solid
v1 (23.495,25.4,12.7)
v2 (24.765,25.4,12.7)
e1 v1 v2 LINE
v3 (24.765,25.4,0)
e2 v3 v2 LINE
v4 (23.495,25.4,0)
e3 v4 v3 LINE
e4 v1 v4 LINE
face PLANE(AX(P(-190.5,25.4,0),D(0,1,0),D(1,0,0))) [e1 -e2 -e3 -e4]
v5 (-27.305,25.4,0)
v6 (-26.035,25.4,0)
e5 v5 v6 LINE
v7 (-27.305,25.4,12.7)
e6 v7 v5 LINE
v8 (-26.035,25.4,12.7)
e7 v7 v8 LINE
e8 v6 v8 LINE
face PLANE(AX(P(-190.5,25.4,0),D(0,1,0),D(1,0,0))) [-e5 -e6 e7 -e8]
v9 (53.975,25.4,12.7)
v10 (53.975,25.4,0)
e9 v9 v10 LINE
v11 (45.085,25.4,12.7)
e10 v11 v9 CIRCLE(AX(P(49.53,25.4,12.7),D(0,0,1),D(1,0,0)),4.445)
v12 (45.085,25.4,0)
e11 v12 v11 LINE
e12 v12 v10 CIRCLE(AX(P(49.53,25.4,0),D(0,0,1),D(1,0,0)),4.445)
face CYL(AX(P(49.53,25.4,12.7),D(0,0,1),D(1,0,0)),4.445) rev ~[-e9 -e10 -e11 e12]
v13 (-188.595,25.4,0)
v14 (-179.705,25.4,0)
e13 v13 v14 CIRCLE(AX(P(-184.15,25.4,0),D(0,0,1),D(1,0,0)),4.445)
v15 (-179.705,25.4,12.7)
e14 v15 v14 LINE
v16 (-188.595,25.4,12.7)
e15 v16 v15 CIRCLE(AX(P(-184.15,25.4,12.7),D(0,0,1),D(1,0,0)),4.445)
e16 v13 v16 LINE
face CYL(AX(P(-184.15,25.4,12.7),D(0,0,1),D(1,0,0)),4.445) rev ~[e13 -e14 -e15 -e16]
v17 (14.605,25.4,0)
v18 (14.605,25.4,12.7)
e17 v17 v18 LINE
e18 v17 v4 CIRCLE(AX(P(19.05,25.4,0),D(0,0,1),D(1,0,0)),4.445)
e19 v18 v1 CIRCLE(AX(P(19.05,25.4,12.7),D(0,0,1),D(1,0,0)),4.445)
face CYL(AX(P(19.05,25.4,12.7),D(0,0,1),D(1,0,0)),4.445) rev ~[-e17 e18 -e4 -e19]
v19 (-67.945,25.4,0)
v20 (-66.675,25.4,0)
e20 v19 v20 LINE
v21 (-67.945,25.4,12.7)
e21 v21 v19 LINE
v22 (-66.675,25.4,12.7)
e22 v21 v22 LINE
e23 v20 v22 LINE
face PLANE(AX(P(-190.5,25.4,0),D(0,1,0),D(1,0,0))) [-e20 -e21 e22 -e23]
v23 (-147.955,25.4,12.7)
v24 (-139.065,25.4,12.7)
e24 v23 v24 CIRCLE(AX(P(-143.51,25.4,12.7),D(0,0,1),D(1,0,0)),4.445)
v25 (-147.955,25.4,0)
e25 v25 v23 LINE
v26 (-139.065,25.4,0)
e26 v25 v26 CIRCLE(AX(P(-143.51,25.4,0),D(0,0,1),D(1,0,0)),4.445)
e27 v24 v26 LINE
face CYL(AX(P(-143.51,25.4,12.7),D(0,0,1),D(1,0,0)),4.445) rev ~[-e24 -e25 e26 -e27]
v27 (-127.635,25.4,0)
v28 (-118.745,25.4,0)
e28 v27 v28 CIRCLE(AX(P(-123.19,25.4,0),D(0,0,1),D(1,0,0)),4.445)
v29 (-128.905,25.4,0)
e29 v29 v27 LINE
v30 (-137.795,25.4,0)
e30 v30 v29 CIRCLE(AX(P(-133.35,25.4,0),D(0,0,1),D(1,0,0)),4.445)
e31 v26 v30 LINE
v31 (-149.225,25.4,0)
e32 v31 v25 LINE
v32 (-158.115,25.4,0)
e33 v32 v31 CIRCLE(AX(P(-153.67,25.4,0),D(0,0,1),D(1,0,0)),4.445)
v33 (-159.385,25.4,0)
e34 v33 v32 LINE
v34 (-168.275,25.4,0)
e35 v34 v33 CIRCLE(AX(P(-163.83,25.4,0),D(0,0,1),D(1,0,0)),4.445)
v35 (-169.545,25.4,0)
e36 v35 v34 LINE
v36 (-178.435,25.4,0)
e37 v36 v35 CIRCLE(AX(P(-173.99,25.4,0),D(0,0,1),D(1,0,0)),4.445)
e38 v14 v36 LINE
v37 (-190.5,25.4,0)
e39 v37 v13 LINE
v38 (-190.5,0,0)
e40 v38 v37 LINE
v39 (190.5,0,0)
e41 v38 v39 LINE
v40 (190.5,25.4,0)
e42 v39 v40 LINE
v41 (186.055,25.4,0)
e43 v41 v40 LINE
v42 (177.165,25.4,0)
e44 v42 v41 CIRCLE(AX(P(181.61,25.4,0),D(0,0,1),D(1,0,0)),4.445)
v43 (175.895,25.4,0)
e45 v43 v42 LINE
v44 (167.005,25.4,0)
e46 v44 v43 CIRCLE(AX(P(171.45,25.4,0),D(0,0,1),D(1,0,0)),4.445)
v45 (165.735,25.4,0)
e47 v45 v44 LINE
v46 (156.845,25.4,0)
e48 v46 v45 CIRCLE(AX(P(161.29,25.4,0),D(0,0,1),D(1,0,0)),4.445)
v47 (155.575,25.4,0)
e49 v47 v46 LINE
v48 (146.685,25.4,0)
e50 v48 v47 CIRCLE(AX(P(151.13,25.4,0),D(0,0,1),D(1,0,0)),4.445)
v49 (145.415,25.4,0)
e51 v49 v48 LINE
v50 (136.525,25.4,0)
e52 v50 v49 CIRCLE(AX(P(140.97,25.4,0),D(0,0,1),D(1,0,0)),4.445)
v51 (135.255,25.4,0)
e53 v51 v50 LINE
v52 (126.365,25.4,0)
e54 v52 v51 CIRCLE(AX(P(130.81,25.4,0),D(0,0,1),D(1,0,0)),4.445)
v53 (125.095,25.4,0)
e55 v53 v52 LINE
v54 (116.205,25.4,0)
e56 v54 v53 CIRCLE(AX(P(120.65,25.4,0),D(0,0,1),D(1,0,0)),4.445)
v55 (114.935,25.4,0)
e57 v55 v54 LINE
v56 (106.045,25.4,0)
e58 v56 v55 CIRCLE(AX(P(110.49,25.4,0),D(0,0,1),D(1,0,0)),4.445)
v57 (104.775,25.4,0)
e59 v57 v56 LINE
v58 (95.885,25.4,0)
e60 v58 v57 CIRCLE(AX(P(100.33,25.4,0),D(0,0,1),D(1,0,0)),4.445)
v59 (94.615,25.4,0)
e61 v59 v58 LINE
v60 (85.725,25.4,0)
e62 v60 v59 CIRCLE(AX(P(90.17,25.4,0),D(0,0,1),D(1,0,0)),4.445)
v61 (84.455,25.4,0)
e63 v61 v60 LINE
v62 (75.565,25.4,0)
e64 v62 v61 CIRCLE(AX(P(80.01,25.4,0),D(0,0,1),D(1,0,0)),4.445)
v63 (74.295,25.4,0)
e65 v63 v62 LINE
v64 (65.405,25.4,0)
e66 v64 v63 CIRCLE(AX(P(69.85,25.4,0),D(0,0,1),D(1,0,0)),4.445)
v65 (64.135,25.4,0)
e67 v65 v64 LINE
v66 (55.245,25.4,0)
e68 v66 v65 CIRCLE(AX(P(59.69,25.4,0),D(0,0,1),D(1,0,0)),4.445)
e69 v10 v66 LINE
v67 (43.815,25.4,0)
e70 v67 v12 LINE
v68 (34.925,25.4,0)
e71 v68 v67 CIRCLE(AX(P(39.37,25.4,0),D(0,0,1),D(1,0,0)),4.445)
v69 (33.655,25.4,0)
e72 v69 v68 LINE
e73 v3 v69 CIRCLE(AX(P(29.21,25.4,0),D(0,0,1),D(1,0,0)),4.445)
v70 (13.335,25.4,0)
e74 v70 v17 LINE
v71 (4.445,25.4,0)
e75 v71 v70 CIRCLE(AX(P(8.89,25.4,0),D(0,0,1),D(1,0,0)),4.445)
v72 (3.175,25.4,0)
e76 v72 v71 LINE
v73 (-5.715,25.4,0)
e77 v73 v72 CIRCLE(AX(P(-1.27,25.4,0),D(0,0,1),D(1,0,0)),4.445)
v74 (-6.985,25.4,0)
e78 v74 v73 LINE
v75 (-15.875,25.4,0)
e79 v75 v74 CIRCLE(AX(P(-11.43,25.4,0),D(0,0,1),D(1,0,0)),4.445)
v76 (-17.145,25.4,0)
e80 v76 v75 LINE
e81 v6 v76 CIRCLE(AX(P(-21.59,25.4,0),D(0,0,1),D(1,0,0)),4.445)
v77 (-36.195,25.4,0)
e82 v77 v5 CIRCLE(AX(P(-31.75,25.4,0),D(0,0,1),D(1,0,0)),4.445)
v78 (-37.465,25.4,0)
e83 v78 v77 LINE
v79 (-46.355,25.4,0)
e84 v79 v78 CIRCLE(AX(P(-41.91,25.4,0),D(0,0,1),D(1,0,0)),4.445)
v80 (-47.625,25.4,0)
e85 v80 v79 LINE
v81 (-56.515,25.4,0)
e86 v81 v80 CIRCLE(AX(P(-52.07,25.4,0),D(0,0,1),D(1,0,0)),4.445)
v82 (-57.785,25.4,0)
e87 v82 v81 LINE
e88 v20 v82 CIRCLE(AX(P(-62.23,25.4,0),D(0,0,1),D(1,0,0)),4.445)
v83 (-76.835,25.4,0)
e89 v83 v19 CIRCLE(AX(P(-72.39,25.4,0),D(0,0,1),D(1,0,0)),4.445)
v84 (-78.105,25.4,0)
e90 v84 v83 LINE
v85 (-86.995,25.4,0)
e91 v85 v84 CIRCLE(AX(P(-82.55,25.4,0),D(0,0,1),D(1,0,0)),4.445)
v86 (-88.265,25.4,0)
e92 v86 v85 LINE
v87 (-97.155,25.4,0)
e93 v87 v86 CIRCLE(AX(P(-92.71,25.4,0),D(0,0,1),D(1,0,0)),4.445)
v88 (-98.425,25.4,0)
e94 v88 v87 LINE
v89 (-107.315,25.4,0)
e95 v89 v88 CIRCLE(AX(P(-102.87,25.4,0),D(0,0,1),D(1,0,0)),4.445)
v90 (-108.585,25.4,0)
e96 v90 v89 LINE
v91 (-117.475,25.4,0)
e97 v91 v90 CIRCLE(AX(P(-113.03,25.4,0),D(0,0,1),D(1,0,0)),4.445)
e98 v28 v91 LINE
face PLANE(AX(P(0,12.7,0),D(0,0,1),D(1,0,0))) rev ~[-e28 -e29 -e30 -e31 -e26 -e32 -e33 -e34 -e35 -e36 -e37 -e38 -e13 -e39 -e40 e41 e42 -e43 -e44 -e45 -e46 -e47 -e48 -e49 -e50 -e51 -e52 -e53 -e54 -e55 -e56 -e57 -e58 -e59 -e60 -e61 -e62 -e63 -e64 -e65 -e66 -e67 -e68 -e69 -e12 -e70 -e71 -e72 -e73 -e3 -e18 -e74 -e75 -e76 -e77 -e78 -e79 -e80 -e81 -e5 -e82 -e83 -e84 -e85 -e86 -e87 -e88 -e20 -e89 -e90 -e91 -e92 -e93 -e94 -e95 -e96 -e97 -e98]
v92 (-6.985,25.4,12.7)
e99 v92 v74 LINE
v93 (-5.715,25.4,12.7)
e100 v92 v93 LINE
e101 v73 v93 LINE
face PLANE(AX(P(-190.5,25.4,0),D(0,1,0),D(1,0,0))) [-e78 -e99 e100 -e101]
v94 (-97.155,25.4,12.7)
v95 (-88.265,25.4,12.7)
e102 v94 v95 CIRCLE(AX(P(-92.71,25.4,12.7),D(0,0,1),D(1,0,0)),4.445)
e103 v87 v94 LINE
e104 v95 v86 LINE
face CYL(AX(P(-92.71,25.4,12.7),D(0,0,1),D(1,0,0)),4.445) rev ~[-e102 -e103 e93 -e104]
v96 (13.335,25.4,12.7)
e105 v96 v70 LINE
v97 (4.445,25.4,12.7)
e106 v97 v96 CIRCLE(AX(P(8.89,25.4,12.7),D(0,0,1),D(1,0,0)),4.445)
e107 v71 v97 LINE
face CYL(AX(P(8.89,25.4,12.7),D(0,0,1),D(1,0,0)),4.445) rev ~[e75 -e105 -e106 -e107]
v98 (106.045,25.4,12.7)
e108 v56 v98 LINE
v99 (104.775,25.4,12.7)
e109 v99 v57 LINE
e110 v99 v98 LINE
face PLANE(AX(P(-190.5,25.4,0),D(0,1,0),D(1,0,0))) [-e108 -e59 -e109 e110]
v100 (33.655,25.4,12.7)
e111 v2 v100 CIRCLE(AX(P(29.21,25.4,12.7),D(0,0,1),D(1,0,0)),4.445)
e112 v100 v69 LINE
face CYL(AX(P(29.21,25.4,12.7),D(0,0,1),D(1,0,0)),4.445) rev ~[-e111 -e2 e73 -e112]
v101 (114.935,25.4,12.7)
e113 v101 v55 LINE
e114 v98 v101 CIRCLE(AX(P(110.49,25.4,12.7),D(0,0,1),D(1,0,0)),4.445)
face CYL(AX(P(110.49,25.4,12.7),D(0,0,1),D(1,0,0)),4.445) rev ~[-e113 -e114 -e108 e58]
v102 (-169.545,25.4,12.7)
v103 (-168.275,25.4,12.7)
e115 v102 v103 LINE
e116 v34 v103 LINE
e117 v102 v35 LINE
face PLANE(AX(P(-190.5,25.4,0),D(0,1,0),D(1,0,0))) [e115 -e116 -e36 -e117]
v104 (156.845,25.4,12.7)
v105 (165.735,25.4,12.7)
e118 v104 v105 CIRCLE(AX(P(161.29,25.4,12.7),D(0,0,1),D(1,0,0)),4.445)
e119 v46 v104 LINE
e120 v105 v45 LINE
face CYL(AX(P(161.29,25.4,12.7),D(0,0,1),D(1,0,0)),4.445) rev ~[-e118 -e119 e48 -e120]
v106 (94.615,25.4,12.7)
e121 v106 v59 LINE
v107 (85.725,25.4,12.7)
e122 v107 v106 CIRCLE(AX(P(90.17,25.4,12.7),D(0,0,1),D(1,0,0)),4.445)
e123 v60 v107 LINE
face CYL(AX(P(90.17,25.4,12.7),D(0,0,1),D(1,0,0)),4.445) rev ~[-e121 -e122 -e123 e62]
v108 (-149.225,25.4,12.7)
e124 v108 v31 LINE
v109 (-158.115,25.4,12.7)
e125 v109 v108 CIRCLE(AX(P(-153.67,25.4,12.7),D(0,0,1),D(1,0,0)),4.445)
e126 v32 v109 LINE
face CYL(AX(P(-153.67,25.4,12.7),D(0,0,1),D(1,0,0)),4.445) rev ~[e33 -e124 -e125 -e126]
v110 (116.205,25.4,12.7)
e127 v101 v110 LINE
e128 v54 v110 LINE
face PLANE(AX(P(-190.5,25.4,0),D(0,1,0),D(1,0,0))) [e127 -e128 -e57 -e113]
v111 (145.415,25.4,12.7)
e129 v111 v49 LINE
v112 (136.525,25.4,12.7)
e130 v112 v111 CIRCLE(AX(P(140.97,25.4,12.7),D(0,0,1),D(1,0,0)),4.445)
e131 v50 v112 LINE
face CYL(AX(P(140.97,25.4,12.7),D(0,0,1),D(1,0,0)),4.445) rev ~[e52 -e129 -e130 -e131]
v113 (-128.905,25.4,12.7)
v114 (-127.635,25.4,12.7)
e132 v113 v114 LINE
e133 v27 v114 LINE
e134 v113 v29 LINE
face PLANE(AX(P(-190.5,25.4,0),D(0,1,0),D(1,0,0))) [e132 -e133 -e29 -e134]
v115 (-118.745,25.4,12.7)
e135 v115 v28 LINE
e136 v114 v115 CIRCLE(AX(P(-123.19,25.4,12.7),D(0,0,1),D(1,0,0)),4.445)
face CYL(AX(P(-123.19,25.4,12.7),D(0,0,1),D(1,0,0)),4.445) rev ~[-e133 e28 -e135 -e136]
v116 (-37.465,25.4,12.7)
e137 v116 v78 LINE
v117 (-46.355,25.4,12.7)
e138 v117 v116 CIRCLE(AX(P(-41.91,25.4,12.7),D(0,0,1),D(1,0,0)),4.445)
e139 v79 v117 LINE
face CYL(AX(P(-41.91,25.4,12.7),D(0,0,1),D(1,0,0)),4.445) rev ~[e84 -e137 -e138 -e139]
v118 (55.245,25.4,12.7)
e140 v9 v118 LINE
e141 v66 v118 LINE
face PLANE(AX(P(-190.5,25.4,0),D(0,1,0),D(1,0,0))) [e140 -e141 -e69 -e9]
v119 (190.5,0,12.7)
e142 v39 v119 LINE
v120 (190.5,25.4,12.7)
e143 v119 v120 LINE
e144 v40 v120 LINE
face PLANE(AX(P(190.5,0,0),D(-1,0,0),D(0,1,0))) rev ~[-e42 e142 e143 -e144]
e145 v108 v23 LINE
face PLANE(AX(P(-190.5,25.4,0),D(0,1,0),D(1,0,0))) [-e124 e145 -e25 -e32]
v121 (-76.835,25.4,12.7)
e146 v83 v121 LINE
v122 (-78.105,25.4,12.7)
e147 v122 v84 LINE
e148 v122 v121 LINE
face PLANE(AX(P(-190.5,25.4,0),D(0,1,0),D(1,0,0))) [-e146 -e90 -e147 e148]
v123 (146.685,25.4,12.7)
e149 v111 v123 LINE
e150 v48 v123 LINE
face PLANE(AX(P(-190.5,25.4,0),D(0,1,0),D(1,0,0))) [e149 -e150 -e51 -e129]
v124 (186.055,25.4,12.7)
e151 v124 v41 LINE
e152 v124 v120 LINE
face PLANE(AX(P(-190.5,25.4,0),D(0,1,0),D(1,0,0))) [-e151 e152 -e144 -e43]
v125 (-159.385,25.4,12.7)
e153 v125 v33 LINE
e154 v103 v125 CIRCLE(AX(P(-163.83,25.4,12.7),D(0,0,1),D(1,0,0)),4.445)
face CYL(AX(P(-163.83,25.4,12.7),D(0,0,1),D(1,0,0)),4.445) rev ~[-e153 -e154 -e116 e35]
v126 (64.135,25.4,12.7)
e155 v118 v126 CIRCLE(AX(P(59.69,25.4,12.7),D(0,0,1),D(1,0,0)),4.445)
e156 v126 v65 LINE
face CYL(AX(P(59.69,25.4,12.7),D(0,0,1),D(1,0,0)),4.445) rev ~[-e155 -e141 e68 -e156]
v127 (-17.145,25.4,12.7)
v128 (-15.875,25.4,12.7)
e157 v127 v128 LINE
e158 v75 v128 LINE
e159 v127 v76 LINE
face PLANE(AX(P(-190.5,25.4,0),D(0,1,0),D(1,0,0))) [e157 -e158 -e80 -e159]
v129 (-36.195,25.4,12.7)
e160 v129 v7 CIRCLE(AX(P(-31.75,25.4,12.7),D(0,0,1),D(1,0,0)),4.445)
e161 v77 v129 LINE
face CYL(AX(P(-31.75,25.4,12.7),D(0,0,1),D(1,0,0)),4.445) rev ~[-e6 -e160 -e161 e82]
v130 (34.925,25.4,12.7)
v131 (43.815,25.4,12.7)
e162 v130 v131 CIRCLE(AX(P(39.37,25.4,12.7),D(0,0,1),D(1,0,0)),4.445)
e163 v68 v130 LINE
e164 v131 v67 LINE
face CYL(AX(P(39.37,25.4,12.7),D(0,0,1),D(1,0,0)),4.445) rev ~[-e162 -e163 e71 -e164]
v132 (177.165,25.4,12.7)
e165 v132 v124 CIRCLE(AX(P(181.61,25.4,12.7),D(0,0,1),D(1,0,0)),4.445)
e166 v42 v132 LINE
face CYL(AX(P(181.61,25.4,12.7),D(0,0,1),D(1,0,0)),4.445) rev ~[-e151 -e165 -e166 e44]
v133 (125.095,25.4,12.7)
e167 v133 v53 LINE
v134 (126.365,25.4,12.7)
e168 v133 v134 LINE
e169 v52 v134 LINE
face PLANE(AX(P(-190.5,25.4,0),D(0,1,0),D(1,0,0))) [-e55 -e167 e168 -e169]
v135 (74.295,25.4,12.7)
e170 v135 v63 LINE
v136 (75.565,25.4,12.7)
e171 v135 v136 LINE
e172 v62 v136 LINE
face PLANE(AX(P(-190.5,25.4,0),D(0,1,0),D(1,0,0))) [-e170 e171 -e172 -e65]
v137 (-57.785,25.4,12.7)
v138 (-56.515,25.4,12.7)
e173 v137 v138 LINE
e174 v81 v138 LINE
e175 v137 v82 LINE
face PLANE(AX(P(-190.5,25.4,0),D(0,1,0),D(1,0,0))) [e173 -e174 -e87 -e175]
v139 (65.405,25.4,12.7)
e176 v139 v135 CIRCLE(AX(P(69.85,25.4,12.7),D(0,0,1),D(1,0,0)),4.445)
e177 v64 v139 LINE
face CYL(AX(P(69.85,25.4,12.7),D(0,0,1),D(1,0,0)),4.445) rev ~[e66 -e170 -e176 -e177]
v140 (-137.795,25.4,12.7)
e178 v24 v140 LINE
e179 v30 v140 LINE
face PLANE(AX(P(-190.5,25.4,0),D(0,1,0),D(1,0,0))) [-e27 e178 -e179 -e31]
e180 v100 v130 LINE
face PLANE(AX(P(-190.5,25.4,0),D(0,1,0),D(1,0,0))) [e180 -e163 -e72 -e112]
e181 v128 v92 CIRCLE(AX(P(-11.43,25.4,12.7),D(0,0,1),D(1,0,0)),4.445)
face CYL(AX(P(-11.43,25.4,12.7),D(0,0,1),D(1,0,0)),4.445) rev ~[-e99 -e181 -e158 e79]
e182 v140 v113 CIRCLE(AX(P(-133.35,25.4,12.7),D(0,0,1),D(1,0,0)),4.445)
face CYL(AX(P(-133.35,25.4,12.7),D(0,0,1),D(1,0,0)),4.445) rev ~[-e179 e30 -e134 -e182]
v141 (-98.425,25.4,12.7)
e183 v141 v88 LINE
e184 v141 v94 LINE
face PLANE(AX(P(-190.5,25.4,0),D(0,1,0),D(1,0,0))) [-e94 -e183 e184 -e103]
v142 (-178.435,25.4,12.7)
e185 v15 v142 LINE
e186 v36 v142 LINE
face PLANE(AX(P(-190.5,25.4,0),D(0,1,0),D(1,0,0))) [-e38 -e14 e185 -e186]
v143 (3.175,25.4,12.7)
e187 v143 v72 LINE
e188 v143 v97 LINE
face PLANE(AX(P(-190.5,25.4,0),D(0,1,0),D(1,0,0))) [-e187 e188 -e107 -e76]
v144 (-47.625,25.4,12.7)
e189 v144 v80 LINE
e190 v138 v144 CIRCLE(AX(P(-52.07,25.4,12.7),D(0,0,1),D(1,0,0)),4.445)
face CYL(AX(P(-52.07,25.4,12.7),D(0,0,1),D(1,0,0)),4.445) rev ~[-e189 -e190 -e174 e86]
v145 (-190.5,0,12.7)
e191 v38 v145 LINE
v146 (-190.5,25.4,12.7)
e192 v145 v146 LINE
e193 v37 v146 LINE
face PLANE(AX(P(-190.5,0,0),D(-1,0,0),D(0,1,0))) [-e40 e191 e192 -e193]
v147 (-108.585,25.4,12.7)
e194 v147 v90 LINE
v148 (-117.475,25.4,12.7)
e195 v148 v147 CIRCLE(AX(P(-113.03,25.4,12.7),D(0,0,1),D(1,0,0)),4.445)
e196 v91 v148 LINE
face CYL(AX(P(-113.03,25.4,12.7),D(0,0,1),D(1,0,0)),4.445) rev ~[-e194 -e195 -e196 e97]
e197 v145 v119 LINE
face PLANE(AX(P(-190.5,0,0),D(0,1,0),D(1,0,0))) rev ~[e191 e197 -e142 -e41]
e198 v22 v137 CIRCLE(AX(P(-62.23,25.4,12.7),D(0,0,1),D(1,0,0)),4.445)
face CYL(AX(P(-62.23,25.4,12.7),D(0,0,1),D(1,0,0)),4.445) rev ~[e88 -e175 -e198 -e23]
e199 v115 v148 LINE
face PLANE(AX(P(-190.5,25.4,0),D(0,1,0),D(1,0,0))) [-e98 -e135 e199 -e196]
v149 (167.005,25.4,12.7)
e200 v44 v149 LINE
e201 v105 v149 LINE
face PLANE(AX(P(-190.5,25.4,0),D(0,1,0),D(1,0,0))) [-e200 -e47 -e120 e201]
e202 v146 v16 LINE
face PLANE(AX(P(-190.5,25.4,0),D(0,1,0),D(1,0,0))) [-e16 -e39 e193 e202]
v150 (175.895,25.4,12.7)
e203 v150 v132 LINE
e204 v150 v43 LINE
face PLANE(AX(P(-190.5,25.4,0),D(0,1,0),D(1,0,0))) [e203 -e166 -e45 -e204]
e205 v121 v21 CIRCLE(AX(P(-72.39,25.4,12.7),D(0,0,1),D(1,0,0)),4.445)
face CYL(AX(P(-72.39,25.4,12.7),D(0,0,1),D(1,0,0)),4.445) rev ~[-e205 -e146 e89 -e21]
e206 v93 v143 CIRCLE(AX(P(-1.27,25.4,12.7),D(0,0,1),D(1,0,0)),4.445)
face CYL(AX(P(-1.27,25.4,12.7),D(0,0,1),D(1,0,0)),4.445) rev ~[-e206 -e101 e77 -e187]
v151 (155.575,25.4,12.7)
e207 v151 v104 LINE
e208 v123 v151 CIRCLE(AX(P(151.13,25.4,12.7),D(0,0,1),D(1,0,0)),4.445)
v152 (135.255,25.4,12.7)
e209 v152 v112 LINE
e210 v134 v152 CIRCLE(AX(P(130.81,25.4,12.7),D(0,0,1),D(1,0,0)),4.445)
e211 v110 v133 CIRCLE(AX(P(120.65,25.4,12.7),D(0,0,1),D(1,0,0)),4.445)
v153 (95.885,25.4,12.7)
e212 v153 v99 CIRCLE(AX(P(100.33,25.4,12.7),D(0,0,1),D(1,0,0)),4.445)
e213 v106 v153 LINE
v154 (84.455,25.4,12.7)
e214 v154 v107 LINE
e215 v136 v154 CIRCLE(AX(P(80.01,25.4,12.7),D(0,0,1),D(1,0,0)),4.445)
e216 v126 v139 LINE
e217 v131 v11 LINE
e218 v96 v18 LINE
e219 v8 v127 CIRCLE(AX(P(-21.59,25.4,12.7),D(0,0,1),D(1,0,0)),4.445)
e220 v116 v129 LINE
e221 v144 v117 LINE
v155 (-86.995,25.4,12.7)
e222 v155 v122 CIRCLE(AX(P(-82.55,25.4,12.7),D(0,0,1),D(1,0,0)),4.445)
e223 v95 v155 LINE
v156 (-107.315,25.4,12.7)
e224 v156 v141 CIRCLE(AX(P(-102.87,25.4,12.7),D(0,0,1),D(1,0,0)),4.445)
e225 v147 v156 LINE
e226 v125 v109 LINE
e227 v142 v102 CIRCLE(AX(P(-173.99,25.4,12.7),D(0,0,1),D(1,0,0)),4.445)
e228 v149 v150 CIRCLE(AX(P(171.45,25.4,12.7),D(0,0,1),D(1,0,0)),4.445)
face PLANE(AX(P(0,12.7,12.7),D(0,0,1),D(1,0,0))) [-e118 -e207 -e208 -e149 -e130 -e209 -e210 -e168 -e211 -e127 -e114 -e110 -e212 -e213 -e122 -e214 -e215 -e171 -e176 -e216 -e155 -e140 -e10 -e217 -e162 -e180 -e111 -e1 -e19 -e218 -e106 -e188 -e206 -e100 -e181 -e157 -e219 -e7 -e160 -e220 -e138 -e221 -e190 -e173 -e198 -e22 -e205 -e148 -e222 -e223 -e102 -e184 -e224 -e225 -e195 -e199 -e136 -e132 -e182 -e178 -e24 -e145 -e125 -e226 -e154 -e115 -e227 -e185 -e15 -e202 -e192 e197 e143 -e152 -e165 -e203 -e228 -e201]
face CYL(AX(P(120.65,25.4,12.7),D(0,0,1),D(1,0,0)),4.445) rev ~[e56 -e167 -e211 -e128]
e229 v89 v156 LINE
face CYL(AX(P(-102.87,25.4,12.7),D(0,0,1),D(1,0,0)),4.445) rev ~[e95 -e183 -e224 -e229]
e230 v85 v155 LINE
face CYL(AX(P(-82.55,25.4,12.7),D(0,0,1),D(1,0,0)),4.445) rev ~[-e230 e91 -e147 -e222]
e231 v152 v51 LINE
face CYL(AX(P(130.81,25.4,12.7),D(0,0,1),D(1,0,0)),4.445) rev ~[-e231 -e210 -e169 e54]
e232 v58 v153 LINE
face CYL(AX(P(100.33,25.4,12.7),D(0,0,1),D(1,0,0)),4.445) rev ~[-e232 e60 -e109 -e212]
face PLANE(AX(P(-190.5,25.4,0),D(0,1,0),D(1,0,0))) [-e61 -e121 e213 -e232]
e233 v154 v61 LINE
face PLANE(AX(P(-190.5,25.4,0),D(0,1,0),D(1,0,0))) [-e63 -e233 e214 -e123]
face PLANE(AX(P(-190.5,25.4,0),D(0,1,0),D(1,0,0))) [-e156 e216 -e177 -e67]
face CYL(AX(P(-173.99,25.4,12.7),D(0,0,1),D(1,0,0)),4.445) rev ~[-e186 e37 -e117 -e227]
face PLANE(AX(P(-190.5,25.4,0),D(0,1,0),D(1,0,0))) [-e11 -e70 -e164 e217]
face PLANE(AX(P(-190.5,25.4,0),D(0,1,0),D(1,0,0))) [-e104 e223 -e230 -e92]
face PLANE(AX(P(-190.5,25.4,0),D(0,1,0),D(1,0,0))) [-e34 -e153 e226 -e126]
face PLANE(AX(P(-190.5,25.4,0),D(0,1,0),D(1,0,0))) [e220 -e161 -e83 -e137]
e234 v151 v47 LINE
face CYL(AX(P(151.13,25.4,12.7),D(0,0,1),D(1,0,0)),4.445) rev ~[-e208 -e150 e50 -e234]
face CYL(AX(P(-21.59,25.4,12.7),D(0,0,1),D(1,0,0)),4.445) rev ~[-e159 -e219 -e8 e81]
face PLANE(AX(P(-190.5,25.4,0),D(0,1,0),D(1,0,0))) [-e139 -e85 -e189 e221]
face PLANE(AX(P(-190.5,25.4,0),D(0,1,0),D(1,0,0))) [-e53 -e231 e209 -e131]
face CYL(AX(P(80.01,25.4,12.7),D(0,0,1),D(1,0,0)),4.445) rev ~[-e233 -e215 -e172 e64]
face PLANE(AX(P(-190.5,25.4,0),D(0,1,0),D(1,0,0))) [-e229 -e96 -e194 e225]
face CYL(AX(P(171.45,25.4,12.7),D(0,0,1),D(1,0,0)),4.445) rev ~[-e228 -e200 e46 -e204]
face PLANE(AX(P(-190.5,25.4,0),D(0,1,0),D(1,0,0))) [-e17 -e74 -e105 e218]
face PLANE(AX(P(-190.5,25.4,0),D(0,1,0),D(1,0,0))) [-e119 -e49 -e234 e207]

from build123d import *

# Parameters (mm, degrees)
SKETCH1_W           = 381
SKETCH1_H           = 25.4
BOSS_EXTRUDE1_DEPTH = 12.7
CUT_EXTRUDE1_REACH  = 194.605
SKETCH2_R           = 4.445
LPATTERN1_COUNT     = 37
LPATTERN1_PITCH     = 10.16


with BuildPart() as part:
    # Sketch1 → Boss-Extrude1 (new body)
    with BuildSketch(Plane.XY):
        with Locations((0, 12.7)):
            Rectangle(SKETCH1_W, SKETCH1_H)
    extrude(amount=BOSS_EXTRUDE1_DEPTH)

    # Sketch2 → Cut-Extrude1 (cut, up to next)
    with BuildSketch(Plane.XY.offset(12.7), mode=Mode.PRIVATE) as cut_extrude1_sk1:
        with Locations((-184.15, 25.4)):
            Circle(SKETCH2_R)
    cut_extrude1_tool1 = extrude(cut_extrude1_sk1.sketch, amount=-CUT_EXTRUDE1_REACH, mode=Mode.PRIVATE) & part.part
    cut_extrude1 = cut_extrude1_tool1.solids().sort_by_distance((-184.15, 25.4, 12.7))[0]
    add(cut_extrude1, mode=Mode.SUBTRACT)

    # LPattern1: Cut-Extrude1 ×37
    with Locations(*[(i * LPATTERN1_PITCH, 0, 0) for i in range(1, LPATTERN1_COUNT)]):
        add(cut_extrude1, mode=Mode.SUBTRACT)


solid = part.part
